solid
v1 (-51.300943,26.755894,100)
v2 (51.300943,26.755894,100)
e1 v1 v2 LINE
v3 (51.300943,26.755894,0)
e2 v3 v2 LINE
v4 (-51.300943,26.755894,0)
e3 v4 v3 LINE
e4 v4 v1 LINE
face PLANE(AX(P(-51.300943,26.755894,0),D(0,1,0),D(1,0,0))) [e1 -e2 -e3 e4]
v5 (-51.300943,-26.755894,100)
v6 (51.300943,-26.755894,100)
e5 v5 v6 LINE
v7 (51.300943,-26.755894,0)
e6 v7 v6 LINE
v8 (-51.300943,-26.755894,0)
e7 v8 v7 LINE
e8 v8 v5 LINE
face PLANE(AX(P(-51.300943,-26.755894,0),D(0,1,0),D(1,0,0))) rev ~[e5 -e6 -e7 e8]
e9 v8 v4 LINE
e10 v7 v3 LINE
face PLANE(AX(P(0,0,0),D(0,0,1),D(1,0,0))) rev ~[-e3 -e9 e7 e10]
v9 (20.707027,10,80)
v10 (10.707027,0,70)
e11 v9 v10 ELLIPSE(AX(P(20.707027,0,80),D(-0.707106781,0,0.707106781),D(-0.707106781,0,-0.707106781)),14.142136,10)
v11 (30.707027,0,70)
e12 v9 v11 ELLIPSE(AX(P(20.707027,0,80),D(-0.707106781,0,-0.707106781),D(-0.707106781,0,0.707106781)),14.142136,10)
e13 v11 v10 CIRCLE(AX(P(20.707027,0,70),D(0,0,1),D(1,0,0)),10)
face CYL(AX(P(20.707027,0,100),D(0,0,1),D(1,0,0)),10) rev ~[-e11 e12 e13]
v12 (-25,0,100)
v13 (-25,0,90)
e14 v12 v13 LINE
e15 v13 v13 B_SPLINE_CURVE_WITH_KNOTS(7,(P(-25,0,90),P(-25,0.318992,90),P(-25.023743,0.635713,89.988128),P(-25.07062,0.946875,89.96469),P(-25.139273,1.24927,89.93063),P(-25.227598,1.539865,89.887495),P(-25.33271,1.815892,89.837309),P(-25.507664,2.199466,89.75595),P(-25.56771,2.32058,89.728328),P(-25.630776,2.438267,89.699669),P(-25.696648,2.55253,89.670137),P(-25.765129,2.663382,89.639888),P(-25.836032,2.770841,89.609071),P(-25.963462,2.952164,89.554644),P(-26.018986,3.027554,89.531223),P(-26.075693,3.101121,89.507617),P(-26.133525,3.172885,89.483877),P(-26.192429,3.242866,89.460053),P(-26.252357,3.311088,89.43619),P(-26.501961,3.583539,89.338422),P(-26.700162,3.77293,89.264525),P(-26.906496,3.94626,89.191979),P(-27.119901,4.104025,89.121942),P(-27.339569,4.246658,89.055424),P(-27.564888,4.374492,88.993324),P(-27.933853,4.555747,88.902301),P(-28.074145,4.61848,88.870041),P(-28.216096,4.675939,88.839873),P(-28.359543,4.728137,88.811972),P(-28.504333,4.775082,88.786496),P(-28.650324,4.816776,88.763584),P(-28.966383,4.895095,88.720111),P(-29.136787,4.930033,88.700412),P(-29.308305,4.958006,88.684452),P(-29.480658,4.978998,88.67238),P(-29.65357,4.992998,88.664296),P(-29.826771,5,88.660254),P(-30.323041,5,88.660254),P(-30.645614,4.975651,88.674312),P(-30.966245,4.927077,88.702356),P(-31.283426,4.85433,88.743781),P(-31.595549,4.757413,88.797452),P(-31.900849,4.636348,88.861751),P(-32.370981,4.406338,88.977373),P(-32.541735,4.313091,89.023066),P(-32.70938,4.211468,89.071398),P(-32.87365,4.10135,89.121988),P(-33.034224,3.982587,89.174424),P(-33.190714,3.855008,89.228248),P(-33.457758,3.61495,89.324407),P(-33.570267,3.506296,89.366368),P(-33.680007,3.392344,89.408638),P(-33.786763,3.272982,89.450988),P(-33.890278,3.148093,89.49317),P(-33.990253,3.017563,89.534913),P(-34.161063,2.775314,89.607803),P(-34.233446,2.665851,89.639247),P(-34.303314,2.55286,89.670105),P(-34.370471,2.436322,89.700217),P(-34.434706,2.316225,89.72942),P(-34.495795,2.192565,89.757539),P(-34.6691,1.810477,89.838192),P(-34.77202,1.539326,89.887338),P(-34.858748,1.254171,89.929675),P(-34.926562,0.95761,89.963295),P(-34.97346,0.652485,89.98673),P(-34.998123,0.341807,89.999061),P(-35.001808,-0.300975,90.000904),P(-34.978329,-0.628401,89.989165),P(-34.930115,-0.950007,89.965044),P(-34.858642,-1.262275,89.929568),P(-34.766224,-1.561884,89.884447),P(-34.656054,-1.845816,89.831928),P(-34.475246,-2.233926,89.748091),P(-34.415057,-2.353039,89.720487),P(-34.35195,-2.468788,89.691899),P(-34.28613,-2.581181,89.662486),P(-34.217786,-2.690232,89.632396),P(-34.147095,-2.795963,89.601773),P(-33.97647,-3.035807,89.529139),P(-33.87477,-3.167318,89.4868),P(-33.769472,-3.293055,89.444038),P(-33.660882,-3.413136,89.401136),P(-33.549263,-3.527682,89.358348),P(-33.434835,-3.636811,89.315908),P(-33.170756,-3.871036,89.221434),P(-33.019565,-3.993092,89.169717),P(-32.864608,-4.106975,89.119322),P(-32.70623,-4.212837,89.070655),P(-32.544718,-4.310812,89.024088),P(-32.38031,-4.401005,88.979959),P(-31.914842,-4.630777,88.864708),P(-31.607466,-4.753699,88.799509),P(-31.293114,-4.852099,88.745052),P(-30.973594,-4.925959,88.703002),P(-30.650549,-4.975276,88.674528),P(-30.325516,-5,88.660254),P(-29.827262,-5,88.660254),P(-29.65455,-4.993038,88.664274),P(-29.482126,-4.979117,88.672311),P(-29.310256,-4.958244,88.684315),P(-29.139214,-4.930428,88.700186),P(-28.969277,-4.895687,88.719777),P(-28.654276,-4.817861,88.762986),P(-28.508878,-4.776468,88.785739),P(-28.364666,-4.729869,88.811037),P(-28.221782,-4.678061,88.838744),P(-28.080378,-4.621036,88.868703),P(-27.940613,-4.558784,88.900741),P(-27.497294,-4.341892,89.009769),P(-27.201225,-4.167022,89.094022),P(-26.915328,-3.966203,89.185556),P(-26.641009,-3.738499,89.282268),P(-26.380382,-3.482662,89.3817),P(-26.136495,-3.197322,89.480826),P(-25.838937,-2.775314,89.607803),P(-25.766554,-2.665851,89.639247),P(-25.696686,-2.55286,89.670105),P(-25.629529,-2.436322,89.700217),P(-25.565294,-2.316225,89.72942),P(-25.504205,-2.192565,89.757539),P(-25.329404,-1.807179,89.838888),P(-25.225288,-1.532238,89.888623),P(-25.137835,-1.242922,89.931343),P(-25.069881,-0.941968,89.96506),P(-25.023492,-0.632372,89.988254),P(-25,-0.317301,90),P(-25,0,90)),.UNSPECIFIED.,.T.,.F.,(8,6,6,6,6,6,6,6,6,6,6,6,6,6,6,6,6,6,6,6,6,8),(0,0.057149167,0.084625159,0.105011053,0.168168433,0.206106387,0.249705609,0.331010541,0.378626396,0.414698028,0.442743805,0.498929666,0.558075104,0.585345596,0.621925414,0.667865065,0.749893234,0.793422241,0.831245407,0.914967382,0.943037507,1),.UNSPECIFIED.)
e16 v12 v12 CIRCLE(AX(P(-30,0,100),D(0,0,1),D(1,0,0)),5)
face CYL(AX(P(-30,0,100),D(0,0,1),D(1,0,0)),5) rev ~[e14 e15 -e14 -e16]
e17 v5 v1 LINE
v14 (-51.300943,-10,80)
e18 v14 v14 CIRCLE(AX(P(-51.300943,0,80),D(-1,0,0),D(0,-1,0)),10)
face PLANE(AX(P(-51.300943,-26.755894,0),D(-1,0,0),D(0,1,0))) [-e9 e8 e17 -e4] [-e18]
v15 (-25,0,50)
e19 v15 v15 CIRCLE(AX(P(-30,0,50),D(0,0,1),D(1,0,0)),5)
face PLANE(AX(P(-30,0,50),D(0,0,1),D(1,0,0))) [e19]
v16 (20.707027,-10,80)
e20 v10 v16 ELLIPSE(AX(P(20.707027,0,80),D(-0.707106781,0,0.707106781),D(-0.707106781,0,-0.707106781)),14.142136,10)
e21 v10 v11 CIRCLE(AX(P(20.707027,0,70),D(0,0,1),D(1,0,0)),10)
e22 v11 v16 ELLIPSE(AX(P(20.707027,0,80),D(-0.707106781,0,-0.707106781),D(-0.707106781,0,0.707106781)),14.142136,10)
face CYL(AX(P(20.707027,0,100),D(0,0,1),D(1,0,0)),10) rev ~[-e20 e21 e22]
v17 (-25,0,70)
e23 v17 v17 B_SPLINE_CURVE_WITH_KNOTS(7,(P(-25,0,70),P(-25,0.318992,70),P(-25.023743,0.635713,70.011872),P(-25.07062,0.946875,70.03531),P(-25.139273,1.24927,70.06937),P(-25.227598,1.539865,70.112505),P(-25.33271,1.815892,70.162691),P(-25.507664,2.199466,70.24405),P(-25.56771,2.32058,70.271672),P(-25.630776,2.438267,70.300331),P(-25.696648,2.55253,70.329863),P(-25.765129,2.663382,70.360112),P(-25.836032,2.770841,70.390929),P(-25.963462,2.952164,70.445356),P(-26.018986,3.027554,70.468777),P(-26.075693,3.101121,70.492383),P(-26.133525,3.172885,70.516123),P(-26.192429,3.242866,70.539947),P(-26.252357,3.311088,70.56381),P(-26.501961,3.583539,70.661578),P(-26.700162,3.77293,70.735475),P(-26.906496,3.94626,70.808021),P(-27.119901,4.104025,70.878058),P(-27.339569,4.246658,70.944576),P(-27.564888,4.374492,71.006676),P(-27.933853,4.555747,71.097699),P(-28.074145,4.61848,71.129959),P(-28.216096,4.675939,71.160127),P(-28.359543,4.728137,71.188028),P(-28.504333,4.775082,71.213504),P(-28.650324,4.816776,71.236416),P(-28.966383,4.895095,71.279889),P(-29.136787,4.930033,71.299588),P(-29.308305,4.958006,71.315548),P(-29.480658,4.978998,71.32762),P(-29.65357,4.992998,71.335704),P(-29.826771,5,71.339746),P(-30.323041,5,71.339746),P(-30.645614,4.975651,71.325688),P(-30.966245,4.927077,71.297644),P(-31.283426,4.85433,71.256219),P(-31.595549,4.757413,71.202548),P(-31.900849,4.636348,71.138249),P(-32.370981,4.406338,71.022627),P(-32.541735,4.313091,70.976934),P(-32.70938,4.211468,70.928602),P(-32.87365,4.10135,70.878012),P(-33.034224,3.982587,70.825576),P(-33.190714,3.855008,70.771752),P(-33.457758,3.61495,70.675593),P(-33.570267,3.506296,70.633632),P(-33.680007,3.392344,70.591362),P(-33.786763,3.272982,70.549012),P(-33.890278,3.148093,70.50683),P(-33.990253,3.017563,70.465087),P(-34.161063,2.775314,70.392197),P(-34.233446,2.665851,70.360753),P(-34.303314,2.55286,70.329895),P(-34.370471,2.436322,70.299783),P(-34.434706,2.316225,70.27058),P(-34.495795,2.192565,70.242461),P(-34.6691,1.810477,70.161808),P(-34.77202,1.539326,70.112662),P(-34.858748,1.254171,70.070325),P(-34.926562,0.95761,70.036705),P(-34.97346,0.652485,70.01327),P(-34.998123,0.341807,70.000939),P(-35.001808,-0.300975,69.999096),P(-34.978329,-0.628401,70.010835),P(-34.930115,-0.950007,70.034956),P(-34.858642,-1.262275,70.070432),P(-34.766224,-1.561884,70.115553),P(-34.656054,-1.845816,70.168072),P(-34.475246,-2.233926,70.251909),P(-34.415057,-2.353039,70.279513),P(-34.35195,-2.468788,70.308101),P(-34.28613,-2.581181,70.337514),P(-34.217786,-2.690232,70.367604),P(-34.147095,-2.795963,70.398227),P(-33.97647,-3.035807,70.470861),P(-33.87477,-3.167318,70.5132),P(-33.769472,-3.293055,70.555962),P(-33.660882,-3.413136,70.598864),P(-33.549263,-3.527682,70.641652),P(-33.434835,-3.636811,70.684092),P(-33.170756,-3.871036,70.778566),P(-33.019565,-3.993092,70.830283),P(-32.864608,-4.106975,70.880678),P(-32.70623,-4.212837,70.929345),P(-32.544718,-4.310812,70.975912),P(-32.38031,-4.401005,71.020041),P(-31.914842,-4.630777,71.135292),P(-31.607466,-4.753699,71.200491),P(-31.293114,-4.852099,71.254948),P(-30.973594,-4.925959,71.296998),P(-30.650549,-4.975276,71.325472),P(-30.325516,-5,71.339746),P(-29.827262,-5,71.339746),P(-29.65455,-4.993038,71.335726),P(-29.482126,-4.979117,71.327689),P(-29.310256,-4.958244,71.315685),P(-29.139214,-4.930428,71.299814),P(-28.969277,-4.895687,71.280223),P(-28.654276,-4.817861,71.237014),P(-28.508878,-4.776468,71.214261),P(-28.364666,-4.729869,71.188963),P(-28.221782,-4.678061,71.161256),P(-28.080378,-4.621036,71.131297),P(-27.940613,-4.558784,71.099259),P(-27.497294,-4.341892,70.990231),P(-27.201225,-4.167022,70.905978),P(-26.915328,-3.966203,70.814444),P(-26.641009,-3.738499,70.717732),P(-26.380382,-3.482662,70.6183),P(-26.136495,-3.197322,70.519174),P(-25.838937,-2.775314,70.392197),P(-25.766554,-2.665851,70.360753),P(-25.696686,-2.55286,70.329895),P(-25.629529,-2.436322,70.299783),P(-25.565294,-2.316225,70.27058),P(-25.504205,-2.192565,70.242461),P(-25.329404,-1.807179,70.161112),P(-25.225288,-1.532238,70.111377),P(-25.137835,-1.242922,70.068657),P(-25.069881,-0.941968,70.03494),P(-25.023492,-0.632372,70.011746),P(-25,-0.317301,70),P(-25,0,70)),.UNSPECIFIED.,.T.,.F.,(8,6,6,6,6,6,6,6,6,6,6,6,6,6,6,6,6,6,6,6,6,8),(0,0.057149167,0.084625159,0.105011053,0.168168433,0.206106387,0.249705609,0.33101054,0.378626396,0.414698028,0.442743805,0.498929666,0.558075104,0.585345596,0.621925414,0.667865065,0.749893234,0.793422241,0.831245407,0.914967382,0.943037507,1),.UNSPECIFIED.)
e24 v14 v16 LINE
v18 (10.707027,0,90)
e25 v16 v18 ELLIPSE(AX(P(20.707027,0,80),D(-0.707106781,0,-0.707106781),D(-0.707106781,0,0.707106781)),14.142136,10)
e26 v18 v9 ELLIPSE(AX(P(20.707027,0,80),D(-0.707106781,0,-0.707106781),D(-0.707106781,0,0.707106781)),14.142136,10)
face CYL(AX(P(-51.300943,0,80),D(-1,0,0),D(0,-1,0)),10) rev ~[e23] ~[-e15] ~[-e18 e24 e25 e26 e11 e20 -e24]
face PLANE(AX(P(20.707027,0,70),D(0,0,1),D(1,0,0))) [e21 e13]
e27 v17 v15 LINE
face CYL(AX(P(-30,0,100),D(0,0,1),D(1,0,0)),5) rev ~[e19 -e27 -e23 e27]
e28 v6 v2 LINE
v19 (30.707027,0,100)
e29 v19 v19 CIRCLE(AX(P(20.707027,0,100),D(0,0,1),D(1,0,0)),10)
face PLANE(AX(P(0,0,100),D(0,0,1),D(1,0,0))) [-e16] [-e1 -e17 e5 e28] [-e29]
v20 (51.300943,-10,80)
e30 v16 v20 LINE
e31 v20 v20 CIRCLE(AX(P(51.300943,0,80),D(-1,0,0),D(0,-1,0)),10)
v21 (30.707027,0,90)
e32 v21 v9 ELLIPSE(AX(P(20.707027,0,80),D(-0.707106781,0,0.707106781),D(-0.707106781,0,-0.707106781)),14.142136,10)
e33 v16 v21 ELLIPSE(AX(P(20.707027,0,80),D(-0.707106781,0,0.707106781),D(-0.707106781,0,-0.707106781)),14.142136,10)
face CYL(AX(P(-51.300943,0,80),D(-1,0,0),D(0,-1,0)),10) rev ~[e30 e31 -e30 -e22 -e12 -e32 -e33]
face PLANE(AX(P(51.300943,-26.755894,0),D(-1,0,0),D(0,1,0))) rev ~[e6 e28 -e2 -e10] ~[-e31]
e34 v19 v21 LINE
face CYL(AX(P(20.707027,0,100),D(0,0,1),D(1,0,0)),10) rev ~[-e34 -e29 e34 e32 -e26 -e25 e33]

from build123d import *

# Parameters (mm, degrees)
F0_W     = 102.601886
F0_H     = 53.511788
F1_DEPTH = 100
F2_R     = 5
F3_DEPTH = 50
F4_R     = 10
F5_DEPTH = 102.602886
F6_R     = 10
F7_DEPTH = 30


with BuildPart() as f1:
    # F0 (on Top) → F1 (new body)
    with BuildSketch(Plane.XY):
        Rectangle(F0_W, F0_H)
    extrude(amount=F1_DEPTH)

    # F2 (on face) → F3 (cut)
    with BuildSketch(Plane.XY.offset(100)):
        with Locations((-30, 0)):
            Circle(F2_R)
    extrude(amount=-F3_DEPTH, mode=Mode.SUBTRACT)

    # F4 (on face) → F5 (cut, through all)
    with BuildSketch(Plane(origin=(-51.300943, 0, 0), x_dir=(0, -1, 0), z_dir=(-1, 0, 0))):
        with Locations((0, 80)):
            Circle(F4_R)
    extrude(amount=-F5_DEPTH, mode=Mode.SUBTRACT)

    # F6 (on face) → F7 (cut)
    with BuildSketch(Plane.XY.offset(100)):
        with Locations((20.707027, 0)):
            Circle(F6_R)
    extrude(amount=-F7_DEPTH, mode=Mode.SUBTRACT)


solid = f1.part
